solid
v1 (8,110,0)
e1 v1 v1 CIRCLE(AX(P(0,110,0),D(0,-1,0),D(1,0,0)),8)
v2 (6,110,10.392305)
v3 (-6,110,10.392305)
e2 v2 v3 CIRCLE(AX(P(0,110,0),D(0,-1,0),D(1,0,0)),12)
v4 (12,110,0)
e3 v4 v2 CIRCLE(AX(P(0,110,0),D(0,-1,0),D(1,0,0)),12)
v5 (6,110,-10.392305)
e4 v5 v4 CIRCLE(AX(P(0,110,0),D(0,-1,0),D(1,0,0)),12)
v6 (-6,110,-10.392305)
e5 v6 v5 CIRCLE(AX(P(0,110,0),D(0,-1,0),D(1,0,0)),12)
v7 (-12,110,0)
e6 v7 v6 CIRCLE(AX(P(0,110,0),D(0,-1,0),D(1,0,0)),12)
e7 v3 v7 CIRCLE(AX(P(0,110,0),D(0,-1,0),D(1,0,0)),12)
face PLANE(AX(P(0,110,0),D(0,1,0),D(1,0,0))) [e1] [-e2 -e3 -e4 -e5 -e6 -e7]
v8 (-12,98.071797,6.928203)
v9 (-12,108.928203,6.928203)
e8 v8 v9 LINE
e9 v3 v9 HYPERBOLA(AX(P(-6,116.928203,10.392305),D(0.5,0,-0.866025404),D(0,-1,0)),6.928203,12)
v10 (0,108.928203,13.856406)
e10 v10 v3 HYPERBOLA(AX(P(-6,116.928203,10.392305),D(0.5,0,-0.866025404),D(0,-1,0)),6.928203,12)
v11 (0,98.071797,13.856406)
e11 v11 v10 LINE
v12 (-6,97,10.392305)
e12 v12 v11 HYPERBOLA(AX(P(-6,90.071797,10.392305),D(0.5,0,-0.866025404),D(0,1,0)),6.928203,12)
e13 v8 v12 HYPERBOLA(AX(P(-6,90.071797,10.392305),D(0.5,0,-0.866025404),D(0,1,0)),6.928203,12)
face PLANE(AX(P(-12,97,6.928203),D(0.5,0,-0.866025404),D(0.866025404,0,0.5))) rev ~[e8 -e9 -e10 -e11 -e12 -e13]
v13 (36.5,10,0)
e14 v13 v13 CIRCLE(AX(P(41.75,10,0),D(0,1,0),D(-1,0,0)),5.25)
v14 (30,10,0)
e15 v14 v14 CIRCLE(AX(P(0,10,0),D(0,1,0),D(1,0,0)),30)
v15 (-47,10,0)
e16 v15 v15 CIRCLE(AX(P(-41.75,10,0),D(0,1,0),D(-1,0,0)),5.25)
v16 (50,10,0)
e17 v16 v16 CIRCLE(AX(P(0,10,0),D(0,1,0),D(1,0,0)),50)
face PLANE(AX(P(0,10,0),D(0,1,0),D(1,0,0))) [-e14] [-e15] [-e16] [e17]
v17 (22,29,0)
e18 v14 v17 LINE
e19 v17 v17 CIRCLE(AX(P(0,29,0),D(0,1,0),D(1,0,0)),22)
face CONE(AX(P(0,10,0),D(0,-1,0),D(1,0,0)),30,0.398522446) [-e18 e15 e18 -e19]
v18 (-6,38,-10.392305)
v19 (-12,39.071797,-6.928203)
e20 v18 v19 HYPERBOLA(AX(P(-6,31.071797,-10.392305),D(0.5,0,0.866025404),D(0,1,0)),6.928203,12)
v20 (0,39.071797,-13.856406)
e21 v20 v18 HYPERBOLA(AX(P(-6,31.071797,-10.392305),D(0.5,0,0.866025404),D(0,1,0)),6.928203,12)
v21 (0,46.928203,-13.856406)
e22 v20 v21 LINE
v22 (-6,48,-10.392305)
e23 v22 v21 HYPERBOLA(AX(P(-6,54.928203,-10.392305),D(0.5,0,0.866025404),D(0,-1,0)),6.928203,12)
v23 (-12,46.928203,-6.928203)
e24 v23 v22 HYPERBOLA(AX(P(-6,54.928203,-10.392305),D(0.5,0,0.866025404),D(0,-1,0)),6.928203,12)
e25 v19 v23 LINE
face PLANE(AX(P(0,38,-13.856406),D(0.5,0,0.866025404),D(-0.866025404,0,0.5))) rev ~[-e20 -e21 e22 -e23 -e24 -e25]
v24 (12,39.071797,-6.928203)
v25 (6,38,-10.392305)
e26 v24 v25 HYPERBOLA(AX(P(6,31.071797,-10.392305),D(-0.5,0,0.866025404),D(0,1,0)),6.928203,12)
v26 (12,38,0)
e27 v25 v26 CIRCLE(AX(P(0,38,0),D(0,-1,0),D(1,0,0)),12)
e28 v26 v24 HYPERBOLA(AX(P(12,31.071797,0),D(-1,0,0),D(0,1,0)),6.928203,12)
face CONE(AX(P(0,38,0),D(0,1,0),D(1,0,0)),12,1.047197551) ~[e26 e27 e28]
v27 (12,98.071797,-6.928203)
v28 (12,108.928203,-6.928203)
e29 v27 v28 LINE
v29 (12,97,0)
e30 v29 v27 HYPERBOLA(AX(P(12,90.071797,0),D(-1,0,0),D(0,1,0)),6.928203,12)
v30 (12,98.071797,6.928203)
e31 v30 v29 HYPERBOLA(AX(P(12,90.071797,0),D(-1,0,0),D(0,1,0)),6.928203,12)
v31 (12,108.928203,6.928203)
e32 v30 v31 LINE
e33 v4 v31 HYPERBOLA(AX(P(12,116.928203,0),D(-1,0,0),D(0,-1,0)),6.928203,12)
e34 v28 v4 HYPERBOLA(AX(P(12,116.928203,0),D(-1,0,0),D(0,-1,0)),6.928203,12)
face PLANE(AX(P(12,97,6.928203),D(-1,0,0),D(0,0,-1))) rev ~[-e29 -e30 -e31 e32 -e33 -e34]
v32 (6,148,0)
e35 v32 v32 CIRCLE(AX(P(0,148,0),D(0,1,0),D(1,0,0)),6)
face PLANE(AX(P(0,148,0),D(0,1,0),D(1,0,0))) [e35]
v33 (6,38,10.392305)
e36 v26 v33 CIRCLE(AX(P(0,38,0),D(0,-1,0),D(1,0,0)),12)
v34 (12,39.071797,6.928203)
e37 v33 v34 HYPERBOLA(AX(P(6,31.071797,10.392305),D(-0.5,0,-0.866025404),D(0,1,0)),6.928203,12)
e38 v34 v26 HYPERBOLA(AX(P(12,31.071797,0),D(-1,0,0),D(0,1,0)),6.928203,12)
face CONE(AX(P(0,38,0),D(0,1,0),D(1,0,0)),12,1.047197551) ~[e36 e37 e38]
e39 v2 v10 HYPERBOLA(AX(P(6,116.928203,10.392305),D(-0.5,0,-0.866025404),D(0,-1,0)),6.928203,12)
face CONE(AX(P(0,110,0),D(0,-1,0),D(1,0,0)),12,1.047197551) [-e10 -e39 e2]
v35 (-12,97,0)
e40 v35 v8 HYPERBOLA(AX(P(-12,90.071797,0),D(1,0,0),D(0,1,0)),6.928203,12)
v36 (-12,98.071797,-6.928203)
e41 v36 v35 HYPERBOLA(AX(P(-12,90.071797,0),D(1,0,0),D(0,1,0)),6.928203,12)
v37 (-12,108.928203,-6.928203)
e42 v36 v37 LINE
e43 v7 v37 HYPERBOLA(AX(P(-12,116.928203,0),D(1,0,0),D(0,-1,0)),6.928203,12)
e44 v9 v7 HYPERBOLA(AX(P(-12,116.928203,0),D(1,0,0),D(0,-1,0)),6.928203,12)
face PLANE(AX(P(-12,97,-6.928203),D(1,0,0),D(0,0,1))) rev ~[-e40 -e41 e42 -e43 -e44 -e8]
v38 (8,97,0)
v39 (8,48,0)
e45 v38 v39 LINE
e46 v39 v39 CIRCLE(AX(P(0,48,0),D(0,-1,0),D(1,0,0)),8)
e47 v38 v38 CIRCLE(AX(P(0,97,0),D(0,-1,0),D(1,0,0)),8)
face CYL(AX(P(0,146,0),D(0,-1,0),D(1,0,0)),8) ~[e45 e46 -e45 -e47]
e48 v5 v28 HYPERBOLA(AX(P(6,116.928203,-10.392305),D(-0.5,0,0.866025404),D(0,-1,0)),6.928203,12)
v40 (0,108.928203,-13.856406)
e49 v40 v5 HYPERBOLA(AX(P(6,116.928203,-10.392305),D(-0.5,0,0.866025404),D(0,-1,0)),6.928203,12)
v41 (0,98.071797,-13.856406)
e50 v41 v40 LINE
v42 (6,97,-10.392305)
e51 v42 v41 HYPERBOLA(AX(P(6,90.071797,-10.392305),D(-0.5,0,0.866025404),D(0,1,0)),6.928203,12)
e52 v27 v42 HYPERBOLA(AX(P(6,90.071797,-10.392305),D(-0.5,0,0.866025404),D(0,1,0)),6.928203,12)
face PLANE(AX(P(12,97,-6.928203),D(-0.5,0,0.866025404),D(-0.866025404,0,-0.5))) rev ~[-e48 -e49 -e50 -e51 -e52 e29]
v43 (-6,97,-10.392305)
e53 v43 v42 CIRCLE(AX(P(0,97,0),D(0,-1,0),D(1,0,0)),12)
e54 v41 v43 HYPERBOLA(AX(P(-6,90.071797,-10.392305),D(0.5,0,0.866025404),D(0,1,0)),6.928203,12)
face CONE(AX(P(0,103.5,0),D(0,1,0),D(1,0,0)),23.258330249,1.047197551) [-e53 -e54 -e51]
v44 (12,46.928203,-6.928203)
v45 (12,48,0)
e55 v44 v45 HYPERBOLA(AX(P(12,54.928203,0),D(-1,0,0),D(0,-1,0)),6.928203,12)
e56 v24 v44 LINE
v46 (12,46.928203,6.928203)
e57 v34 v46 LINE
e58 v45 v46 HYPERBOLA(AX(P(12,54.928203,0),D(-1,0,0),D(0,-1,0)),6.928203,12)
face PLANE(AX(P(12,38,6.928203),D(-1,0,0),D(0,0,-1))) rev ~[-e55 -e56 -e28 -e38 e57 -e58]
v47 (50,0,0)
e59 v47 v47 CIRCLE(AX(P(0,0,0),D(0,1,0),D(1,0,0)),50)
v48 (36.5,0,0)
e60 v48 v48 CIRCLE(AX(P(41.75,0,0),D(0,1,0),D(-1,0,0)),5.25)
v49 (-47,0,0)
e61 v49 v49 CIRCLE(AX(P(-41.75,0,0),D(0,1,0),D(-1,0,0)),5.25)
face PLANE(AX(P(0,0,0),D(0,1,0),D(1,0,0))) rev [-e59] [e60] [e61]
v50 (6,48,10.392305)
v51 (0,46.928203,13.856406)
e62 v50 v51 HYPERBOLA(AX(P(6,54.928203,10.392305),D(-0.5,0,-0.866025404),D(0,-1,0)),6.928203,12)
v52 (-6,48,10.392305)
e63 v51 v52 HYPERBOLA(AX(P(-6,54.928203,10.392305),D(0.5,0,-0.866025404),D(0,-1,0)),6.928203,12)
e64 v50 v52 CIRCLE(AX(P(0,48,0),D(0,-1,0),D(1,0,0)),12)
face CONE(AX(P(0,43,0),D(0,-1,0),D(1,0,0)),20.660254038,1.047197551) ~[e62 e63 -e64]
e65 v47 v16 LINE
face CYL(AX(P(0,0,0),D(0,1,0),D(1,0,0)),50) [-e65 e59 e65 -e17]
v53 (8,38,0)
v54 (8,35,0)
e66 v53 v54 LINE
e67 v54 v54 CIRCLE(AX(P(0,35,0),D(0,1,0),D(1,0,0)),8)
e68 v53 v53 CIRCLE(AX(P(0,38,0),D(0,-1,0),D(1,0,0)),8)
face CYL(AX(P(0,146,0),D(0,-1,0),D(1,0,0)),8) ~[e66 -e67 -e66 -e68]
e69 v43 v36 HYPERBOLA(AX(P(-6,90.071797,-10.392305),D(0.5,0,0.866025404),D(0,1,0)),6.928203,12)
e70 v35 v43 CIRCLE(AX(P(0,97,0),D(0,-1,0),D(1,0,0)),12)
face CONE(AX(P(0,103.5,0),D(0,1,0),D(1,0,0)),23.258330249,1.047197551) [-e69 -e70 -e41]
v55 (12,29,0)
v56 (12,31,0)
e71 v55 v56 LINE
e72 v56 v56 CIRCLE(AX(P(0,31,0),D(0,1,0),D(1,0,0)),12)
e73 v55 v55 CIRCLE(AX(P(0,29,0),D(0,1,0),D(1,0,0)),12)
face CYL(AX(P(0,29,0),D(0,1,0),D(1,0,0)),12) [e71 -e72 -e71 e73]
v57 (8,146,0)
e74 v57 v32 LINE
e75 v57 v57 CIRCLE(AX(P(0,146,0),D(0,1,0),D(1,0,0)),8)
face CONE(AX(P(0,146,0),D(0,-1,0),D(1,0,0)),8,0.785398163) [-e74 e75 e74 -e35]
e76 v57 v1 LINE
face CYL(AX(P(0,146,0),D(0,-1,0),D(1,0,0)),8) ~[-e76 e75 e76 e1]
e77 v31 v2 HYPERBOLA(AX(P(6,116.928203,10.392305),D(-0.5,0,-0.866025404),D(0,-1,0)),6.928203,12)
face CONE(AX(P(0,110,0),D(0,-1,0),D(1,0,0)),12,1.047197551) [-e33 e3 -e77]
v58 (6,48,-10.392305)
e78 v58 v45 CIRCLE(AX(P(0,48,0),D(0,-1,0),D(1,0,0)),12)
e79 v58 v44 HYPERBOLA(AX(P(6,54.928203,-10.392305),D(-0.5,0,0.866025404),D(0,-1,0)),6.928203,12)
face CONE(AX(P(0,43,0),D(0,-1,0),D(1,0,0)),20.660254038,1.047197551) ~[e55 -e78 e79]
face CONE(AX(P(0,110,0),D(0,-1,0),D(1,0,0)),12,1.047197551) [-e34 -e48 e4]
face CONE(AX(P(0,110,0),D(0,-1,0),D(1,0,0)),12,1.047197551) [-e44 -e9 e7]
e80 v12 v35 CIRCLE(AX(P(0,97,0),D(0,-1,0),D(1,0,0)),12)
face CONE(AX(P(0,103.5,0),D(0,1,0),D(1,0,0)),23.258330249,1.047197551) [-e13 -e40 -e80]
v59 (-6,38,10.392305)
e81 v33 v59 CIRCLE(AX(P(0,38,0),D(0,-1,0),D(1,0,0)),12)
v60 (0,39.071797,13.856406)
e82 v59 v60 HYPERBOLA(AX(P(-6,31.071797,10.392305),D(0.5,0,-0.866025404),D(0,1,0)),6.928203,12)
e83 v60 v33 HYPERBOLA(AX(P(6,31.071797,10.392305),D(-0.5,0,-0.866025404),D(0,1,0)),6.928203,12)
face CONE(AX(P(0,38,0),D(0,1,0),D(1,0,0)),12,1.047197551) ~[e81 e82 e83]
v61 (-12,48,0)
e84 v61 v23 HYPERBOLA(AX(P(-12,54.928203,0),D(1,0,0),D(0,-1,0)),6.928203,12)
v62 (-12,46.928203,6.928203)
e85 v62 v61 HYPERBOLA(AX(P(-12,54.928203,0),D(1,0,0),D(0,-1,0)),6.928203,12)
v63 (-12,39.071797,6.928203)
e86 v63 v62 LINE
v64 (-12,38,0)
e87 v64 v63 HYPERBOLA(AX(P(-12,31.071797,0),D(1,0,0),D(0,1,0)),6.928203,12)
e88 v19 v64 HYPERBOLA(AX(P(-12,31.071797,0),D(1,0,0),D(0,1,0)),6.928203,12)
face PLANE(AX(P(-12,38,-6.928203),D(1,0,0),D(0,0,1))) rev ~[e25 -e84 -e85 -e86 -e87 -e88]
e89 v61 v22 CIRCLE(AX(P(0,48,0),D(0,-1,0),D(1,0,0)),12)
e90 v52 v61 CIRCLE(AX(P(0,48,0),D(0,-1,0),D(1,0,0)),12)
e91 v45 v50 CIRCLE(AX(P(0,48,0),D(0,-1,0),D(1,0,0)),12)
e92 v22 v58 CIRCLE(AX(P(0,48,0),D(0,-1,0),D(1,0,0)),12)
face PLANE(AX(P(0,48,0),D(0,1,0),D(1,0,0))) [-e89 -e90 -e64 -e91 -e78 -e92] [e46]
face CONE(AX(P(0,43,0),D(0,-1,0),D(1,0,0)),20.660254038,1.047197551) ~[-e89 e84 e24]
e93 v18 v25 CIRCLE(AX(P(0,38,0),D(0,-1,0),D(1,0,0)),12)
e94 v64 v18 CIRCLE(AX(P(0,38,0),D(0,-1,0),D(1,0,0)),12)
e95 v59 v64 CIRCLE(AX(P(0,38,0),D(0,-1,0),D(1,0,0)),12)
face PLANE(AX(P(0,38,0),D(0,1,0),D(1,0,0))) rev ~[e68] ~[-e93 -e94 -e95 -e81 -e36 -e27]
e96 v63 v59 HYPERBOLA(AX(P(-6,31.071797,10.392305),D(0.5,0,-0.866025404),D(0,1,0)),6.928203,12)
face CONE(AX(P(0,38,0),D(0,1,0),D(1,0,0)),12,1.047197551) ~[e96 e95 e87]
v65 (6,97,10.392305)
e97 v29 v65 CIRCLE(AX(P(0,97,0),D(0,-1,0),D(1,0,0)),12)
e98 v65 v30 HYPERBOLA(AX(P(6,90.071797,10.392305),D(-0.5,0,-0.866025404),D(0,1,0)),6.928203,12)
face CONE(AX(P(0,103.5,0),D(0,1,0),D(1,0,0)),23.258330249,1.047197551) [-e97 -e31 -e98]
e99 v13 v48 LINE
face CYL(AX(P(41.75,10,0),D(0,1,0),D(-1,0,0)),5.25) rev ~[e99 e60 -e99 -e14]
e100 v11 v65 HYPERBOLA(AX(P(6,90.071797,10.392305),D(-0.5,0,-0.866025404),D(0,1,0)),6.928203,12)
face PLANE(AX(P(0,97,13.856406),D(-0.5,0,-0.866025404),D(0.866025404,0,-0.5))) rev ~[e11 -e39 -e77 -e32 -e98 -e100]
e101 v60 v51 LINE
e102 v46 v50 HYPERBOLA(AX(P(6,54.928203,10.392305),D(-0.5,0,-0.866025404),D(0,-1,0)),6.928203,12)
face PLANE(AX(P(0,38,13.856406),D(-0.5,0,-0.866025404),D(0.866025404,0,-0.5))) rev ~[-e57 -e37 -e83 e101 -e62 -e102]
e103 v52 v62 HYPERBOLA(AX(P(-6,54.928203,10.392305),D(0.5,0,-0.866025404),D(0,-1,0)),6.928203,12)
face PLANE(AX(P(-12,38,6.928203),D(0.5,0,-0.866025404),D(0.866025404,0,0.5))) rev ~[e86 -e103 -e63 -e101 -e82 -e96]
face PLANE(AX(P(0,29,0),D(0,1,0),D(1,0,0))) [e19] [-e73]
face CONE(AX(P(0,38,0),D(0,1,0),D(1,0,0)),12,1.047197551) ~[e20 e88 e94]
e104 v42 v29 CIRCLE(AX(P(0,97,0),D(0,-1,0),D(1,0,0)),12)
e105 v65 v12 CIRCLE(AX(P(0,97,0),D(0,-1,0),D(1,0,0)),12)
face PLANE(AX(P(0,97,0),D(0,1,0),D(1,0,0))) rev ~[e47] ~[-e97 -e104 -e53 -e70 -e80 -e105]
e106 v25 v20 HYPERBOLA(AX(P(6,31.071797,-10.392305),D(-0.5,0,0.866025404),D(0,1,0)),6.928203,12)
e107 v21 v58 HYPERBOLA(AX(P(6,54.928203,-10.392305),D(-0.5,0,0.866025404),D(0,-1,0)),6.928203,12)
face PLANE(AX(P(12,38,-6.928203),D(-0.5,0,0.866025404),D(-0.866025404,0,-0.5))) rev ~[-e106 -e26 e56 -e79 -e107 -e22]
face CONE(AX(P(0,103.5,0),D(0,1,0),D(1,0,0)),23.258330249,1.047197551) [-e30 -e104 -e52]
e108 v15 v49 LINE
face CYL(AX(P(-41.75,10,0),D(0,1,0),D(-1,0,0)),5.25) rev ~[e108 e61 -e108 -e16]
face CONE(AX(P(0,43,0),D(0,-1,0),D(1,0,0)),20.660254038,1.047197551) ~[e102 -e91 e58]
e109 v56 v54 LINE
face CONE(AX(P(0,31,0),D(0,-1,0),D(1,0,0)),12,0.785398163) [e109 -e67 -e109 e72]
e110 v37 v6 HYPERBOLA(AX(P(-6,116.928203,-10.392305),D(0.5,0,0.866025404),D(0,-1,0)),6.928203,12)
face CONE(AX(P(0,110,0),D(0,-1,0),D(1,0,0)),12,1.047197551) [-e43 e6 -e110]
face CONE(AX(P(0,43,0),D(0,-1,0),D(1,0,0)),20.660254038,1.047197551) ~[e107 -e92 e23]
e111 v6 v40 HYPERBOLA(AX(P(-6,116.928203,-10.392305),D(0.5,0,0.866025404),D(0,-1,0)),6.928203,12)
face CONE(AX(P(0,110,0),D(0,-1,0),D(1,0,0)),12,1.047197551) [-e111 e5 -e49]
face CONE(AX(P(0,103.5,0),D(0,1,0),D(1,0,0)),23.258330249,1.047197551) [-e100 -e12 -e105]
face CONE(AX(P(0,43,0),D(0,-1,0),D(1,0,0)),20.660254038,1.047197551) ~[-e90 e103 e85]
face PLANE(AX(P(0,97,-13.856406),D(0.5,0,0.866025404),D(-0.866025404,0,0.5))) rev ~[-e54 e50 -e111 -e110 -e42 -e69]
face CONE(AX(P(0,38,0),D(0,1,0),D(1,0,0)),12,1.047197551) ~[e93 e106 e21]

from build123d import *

# Parameters (mm, degrees)
EXTRUDE_1_DEPTH     = 10
EXTRUDE_2_DEPTH     = 13
SKETCH_5_R          = 5.25
CUT_EXTRUDE_1_DEPTH = 11


with BuildPart() as part:
    # Эскиз1 → Повернуть1 (revolve)
    with BuildSketch(Plane.XY, mode=Mode.PRIVATE) as revolve_1_sk:
        Polygon((0, 0), (-50, 0), (-50, 10), (-30, 10), (-22, 29), (-12, 29), (-12, 31), (-8, 35), (-8, 38), (-8, 48), (-8, 146), (-6, 148), (0, 148), align=None)
    revolve(revolve_1_sk.sketch.rotate(Axis((0, 0, 0), (0, 1, 0)), 180), axis=Axis((0, 0, 0), (0, 1, 0)))  # turned: the seam where the file's is

    # Эскиз2 → Бобышка-Вытянуть1 (add)
    with BuildSketch(Plane(origin=(0, 38, 0), x_dir=(1, 0, 0), z_dir=(0, 1, 0))):
        Polygon((0, 13.856406461), (-12, 6.92820323), (-12, -6.92820323), (0, -13.856406461), (12, -6.92820323), (12, 6.92820323), align=None)
    extrude(amount=EXTRUDE_1_DEPTH)

    # Эскиз3 → Бобышка-Вытянуть2 (add)
    with BuildSketch(Plane(origin=(0, 97, 0), x_dir=(1, 0, 0), z_dir=(0, 1, 0))):
        Polygon((12, 6.92820323), (0, 13.856406461), (-12, 6.92820323), (-12, -6.92820323), (0, -13.856406461), (12, -6.92820323), align=None)
    extrude(amount=EXTRUDE_2_DEPTH)

    # Эскиз4 → Вырез-Повернуть2 (revolve, cut)
    with BuildSketch(Plane.XY, mode=Mode.PRIVATE) as cut_revolve_2_sk:
        Polygon((-23.258330249, 110), (-12, 110), (-23.258330249, 103.5), align=None)
        Polygon((-23.258330249, 97), (-23.258330249, 103.5), (-12, 97), align=None)
        Polygon((-20.660254038, 48), (-20.660254038, 43), (-12, 48), align=None)
        Polygon((-20.660254038, 43), (-20.660254038, 38), (-12, 38), align=None)
    revolve(cut_revolve_2_sk.sketch.rotate(Axis((0, 148, 0), (0, -1, 0)), 180), axis=Axis((0, 148, 0), (0, -1, 0)), mode=Mode.SUBTRACT)  # turned: the seam where the file's is

    # Эскиз5 → Вырез-Вытянуть1 (cut, through all)
    with BuildSketch(Plane(origin=(0, 10, 0), x_dir=(1, 0, 0), z_dir=(0, 1, 0))):
        with Locations(Location((-41.75, 0, 0), (0, 0, 180))):  # turned: the seam where the file's is
            Circle(SKETCH_5_R)
        with Locations(Location((41.75, 0, 0), (0, 0, 180))):  # turned: the seam where the file's is
            Circle(SKETCH_5_R)
    extrude(amount=-CUT_EXTRUDE_1_DEPTH, mode=Mode.SUBTRACT)


solid = part.part
